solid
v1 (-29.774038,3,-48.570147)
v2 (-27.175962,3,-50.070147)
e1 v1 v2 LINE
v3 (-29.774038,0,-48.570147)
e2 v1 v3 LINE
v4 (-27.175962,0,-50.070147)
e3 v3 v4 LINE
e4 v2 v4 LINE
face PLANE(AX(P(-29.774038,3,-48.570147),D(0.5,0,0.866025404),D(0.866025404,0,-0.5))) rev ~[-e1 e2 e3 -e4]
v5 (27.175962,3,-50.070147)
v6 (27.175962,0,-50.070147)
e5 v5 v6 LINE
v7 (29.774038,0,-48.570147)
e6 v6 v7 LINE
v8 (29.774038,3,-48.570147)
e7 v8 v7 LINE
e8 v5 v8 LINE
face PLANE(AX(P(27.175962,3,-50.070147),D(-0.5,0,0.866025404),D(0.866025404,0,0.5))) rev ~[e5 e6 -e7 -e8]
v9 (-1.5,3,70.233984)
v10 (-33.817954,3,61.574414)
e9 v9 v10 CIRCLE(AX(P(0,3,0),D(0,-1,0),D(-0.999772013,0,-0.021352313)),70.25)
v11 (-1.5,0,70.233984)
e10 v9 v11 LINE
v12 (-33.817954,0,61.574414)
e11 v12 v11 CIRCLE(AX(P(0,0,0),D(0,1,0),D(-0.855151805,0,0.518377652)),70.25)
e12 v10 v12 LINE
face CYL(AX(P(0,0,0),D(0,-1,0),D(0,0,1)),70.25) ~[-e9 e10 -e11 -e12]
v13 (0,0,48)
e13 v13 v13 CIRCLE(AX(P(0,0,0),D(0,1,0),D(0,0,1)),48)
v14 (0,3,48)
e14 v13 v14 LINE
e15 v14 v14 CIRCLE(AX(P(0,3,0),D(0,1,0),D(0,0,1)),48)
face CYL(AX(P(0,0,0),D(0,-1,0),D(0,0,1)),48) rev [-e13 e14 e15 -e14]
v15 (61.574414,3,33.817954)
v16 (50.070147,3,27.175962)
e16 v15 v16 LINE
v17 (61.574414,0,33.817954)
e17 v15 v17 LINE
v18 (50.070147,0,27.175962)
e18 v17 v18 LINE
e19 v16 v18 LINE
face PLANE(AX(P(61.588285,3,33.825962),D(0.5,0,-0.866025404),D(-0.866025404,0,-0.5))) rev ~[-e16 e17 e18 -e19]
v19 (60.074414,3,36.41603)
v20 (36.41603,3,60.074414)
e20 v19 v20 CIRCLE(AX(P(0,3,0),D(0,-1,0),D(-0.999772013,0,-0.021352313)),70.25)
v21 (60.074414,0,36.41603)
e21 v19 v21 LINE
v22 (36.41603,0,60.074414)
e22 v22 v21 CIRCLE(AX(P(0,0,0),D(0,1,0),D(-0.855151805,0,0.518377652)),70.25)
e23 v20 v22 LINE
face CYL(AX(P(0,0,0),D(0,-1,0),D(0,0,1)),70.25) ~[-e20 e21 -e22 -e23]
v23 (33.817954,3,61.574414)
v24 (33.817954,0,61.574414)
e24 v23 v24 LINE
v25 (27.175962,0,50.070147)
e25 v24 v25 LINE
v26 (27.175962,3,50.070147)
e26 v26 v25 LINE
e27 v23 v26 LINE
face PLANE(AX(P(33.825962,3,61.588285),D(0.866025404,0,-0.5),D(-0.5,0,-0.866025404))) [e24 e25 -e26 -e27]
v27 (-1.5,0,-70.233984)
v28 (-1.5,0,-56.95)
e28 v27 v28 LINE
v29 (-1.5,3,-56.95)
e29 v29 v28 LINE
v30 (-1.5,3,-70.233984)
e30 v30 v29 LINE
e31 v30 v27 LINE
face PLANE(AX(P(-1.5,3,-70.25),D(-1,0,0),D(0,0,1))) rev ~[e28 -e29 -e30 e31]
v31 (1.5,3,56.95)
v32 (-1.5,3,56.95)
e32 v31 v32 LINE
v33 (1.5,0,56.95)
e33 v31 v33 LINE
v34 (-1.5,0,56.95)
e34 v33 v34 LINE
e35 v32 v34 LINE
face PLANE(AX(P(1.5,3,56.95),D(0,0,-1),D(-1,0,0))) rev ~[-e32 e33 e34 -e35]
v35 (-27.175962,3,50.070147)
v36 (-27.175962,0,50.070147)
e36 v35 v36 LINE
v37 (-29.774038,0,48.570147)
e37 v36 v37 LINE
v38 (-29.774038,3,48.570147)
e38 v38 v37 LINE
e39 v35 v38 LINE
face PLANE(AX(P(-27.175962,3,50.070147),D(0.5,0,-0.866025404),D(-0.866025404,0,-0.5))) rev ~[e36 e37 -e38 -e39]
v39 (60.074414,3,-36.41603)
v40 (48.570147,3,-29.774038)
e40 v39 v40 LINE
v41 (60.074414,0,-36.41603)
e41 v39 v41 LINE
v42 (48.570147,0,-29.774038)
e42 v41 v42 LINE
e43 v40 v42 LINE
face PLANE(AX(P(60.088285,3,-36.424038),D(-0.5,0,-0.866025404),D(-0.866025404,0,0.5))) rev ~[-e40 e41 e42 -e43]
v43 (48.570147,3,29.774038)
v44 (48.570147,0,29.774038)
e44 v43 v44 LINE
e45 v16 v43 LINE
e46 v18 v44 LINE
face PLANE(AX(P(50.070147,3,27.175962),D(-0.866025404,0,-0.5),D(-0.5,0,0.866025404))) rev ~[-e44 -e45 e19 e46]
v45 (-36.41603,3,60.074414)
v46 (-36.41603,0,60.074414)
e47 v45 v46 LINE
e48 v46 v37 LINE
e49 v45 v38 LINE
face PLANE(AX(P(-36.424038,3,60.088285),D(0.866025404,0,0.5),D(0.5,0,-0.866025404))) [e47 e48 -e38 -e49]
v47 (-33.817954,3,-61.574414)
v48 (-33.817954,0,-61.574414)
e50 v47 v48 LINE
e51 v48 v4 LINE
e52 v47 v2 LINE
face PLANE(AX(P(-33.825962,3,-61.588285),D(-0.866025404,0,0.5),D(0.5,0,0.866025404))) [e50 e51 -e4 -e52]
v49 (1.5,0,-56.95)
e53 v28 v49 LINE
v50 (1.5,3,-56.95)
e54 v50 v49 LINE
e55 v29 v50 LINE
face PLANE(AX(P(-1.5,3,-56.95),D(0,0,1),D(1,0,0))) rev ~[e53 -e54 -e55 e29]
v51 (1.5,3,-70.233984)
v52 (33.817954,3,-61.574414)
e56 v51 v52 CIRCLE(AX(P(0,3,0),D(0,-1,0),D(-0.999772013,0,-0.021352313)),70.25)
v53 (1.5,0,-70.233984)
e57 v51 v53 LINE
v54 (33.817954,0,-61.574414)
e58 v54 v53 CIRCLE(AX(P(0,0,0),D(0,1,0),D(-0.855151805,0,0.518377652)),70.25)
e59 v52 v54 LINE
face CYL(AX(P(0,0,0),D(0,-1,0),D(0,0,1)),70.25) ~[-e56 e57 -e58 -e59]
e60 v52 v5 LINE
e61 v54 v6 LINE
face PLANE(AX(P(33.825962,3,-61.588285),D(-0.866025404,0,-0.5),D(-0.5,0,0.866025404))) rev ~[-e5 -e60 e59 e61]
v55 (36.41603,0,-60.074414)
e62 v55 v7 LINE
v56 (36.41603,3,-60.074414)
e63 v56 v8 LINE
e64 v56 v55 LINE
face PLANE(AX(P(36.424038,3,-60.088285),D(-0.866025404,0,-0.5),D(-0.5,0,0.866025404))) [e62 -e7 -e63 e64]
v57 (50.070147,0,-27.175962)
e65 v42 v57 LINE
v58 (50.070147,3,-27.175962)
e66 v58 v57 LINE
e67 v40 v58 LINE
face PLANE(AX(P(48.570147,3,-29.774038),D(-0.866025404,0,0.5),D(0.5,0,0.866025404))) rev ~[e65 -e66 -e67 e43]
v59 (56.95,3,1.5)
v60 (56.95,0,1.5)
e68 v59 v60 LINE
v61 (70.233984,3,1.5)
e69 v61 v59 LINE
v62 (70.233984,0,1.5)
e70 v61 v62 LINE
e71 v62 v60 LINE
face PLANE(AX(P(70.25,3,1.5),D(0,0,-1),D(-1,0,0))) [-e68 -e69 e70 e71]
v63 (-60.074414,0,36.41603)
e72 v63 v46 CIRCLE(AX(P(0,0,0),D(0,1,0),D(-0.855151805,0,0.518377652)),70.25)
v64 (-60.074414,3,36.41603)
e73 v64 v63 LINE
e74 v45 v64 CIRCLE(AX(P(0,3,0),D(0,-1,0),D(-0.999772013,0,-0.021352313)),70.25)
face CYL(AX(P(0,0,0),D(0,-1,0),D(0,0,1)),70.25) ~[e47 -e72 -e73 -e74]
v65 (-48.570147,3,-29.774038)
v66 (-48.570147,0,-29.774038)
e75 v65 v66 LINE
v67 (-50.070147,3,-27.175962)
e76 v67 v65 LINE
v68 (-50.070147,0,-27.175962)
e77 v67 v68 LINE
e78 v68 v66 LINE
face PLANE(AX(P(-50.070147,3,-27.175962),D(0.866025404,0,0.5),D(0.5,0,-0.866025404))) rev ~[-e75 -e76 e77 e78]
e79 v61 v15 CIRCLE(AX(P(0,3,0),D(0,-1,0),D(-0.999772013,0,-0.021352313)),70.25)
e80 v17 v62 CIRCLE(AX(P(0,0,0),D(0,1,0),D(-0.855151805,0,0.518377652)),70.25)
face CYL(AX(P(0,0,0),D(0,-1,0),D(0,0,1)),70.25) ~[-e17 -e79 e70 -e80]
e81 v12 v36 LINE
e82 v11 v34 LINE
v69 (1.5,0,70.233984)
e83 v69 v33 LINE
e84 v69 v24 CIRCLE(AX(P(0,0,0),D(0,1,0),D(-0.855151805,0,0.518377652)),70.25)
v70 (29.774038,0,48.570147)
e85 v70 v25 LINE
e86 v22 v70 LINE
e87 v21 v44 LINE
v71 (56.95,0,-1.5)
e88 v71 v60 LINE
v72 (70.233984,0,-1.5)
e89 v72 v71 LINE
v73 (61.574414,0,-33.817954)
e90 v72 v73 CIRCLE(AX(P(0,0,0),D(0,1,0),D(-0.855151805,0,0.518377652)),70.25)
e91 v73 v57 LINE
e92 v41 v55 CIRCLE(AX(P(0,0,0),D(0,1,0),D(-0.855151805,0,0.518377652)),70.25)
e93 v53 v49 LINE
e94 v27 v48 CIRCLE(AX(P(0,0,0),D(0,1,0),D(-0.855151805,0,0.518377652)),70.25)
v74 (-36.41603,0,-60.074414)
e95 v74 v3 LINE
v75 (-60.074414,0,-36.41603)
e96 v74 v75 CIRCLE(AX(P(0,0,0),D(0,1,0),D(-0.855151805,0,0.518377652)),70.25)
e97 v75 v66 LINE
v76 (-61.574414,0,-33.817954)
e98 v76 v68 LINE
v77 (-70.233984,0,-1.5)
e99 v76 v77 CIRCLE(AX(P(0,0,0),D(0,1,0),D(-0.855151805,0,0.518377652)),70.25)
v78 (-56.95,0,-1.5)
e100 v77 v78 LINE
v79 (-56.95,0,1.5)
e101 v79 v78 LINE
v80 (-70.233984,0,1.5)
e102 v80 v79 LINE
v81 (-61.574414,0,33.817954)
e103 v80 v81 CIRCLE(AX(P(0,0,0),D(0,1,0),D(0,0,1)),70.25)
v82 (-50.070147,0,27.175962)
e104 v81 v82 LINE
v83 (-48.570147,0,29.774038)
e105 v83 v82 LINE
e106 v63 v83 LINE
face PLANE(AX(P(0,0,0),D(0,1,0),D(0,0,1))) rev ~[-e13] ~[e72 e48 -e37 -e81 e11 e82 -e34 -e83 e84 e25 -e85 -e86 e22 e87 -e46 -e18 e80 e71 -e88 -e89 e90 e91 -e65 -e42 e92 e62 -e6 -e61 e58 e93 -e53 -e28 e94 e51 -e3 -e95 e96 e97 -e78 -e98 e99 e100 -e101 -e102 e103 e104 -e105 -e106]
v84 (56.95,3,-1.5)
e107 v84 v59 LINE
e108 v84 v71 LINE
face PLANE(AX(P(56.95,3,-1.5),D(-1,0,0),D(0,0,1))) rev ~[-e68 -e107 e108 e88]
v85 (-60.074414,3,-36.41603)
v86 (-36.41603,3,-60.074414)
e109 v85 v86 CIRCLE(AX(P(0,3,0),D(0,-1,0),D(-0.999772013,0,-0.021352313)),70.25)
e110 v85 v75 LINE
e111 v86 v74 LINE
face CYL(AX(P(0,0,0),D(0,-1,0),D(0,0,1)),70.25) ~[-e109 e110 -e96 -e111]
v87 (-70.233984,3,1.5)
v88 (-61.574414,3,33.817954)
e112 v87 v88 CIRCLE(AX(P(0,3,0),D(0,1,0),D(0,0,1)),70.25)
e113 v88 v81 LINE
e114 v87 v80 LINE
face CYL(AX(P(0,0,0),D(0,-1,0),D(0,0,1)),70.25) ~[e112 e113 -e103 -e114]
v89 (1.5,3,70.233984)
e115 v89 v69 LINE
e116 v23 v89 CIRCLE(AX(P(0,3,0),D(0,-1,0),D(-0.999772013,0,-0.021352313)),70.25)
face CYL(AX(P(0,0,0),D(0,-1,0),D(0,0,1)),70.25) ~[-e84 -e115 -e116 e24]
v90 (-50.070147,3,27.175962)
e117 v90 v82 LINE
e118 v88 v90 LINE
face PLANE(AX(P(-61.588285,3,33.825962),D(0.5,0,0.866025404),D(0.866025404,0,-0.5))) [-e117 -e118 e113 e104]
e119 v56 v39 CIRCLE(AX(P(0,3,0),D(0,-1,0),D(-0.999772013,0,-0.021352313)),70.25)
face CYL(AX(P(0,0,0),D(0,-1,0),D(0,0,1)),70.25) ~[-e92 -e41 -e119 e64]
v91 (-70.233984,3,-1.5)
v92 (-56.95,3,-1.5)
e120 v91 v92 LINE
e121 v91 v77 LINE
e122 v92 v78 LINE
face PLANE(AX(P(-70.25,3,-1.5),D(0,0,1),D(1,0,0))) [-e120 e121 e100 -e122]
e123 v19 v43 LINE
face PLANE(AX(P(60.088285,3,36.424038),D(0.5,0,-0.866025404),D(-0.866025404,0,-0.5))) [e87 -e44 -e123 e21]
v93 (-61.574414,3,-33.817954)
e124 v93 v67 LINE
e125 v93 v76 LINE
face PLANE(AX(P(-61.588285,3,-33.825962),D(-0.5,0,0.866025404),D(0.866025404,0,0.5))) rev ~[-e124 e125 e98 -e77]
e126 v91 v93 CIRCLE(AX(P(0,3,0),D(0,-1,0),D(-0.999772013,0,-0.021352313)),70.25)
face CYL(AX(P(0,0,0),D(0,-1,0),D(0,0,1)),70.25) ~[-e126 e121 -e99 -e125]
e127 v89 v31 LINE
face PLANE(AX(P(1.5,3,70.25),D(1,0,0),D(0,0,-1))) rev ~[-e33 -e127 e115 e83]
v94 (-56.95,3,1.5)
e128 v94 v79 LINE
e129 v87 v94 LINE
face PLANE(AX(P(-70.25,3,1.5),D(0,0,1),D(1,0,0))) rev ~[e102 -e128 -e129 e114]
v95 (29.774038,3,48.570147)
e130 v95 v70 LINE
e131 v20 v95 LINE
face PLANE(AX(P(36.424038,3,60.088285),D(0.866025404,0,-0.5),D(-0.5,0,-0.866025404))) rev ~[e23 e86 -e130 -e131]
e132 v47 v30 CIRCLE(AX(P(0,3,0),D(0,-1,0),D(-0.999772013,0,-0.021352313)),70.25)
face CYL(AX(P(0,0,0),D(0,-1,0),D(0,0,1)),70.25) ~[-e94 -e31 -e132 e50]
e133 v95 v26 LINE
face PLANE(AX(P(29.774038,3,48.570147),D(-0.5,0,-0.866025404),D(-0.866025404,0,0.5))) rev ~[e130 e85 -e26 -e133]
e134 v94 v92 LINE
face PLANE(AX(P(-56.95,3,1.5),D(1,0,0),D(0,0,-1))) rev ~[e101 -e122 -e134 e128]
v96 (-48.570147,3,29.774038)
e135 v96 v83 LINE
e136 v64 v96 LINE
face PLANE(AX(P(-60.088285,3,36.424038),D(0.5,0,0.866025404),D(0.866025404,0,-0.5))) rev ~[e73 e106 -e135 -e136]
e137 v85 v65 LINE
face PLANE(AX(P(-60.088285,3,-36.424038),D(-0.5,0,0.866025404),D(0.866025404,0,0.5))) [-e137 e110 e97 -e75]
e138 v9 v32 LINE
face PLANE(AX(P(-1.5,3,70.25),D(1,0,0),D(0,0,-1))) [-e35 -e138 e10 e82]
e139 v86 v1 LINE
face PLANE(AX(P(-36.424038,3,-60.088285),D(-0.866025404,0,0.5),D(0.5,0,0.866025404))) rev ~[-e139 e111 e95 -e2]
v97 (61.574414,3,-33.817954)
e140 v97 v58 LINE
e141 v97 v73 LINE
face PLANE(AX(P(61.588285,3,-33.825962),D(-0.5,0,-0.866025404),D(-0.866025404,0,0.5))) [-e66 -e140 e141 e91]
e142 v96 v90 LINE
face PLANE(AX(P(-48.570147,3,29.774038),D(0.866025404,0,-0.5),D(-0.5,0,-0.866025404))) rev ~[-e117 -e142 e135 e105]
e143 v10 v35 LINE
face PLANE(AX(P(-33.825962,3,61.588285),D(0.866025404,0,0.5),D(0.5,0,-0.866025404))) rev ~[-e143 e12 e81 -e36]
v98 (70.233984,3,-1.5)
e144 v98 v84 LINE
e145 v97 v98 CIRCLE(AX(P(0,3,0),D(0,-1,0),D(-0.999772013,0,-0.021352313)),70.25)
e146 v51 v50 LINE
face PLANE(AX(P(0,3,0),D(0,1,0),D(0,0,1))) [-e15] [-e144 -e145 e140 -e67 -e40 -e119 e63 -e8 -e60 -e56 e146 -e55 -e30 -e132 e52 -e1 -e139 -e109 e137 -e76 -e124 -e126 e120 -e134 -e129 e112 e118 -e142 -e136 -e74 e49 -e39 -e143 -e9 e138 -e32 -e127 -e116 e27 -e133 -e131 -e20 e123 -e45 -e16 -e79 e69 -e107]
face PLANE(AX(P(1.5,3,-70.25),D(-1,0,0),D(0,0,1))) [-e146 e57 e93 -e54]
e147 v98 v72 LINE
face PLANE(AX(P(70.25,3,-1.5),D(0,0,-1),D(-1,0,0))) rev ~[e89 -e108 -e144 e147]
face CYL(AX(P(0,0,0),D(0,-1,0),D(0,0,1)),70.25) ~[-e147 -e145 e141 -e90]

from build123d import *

# Parameters (mm, degrees)
SKETCH1_R           = 70.25
SKETCH1_R_2         = 48
BOSS_EXTRUDE1_DEPTH = 3
SKETCH2_W           = 13.3
SKETCH2_H           = 3
CUT_EXTRUDE1_DEPTH  = 3
CIRPATTERN1_COUNT   = 12


with BuildPart() as part:
    # Sketch1 → Boss-Extrude1 (new body)
    with BuildSketch(Plane(origin=(0, 0, 0), x_dir=(1, 0, 0), z_dir=(0, 1, 0))):
        with Locations(Location((0, 0, 0), (0, 0, 270))):
            Circle(SKETCH1_R)
        with Locations(Location((0, 0, 0), (0, 0, 270))):
            Circle(SKETCH1_R_2, mode=Mode.SUBTRACT)
    extrude(amount=BOSS_EXTRUDE1_DEPTH)

    # Sketch2 → Cut-Extrude1 (cut)
    with BuildSketch(Plane(origin=(0, 3, 0), x_dir=(1, 0, 0), z_dir=(0, 1, 0))):
        with Locations((-63.6, 0)):
            Rectangle(SKETCH2_W, SKETCH2_H)
    cut_extrude1 = extrude(amount=-CUT_EXTRUDE1_DEPTH, mode=Mode.SUBTRACT)

    # CirPattern1: Cut-Extrude1 ×12 about axis
    cirpattern1_axis = Axis((0, 0, 0), (0, 1, 0))
    for i in range(1, CIRPATTERN1_COUNT):
        add(cut_extrude1.rotate(cirpattern1_axis, i * 360 / CIRPATTERN1_COUNT), mode=Mode.SUBTRACT)


solid = part.part
